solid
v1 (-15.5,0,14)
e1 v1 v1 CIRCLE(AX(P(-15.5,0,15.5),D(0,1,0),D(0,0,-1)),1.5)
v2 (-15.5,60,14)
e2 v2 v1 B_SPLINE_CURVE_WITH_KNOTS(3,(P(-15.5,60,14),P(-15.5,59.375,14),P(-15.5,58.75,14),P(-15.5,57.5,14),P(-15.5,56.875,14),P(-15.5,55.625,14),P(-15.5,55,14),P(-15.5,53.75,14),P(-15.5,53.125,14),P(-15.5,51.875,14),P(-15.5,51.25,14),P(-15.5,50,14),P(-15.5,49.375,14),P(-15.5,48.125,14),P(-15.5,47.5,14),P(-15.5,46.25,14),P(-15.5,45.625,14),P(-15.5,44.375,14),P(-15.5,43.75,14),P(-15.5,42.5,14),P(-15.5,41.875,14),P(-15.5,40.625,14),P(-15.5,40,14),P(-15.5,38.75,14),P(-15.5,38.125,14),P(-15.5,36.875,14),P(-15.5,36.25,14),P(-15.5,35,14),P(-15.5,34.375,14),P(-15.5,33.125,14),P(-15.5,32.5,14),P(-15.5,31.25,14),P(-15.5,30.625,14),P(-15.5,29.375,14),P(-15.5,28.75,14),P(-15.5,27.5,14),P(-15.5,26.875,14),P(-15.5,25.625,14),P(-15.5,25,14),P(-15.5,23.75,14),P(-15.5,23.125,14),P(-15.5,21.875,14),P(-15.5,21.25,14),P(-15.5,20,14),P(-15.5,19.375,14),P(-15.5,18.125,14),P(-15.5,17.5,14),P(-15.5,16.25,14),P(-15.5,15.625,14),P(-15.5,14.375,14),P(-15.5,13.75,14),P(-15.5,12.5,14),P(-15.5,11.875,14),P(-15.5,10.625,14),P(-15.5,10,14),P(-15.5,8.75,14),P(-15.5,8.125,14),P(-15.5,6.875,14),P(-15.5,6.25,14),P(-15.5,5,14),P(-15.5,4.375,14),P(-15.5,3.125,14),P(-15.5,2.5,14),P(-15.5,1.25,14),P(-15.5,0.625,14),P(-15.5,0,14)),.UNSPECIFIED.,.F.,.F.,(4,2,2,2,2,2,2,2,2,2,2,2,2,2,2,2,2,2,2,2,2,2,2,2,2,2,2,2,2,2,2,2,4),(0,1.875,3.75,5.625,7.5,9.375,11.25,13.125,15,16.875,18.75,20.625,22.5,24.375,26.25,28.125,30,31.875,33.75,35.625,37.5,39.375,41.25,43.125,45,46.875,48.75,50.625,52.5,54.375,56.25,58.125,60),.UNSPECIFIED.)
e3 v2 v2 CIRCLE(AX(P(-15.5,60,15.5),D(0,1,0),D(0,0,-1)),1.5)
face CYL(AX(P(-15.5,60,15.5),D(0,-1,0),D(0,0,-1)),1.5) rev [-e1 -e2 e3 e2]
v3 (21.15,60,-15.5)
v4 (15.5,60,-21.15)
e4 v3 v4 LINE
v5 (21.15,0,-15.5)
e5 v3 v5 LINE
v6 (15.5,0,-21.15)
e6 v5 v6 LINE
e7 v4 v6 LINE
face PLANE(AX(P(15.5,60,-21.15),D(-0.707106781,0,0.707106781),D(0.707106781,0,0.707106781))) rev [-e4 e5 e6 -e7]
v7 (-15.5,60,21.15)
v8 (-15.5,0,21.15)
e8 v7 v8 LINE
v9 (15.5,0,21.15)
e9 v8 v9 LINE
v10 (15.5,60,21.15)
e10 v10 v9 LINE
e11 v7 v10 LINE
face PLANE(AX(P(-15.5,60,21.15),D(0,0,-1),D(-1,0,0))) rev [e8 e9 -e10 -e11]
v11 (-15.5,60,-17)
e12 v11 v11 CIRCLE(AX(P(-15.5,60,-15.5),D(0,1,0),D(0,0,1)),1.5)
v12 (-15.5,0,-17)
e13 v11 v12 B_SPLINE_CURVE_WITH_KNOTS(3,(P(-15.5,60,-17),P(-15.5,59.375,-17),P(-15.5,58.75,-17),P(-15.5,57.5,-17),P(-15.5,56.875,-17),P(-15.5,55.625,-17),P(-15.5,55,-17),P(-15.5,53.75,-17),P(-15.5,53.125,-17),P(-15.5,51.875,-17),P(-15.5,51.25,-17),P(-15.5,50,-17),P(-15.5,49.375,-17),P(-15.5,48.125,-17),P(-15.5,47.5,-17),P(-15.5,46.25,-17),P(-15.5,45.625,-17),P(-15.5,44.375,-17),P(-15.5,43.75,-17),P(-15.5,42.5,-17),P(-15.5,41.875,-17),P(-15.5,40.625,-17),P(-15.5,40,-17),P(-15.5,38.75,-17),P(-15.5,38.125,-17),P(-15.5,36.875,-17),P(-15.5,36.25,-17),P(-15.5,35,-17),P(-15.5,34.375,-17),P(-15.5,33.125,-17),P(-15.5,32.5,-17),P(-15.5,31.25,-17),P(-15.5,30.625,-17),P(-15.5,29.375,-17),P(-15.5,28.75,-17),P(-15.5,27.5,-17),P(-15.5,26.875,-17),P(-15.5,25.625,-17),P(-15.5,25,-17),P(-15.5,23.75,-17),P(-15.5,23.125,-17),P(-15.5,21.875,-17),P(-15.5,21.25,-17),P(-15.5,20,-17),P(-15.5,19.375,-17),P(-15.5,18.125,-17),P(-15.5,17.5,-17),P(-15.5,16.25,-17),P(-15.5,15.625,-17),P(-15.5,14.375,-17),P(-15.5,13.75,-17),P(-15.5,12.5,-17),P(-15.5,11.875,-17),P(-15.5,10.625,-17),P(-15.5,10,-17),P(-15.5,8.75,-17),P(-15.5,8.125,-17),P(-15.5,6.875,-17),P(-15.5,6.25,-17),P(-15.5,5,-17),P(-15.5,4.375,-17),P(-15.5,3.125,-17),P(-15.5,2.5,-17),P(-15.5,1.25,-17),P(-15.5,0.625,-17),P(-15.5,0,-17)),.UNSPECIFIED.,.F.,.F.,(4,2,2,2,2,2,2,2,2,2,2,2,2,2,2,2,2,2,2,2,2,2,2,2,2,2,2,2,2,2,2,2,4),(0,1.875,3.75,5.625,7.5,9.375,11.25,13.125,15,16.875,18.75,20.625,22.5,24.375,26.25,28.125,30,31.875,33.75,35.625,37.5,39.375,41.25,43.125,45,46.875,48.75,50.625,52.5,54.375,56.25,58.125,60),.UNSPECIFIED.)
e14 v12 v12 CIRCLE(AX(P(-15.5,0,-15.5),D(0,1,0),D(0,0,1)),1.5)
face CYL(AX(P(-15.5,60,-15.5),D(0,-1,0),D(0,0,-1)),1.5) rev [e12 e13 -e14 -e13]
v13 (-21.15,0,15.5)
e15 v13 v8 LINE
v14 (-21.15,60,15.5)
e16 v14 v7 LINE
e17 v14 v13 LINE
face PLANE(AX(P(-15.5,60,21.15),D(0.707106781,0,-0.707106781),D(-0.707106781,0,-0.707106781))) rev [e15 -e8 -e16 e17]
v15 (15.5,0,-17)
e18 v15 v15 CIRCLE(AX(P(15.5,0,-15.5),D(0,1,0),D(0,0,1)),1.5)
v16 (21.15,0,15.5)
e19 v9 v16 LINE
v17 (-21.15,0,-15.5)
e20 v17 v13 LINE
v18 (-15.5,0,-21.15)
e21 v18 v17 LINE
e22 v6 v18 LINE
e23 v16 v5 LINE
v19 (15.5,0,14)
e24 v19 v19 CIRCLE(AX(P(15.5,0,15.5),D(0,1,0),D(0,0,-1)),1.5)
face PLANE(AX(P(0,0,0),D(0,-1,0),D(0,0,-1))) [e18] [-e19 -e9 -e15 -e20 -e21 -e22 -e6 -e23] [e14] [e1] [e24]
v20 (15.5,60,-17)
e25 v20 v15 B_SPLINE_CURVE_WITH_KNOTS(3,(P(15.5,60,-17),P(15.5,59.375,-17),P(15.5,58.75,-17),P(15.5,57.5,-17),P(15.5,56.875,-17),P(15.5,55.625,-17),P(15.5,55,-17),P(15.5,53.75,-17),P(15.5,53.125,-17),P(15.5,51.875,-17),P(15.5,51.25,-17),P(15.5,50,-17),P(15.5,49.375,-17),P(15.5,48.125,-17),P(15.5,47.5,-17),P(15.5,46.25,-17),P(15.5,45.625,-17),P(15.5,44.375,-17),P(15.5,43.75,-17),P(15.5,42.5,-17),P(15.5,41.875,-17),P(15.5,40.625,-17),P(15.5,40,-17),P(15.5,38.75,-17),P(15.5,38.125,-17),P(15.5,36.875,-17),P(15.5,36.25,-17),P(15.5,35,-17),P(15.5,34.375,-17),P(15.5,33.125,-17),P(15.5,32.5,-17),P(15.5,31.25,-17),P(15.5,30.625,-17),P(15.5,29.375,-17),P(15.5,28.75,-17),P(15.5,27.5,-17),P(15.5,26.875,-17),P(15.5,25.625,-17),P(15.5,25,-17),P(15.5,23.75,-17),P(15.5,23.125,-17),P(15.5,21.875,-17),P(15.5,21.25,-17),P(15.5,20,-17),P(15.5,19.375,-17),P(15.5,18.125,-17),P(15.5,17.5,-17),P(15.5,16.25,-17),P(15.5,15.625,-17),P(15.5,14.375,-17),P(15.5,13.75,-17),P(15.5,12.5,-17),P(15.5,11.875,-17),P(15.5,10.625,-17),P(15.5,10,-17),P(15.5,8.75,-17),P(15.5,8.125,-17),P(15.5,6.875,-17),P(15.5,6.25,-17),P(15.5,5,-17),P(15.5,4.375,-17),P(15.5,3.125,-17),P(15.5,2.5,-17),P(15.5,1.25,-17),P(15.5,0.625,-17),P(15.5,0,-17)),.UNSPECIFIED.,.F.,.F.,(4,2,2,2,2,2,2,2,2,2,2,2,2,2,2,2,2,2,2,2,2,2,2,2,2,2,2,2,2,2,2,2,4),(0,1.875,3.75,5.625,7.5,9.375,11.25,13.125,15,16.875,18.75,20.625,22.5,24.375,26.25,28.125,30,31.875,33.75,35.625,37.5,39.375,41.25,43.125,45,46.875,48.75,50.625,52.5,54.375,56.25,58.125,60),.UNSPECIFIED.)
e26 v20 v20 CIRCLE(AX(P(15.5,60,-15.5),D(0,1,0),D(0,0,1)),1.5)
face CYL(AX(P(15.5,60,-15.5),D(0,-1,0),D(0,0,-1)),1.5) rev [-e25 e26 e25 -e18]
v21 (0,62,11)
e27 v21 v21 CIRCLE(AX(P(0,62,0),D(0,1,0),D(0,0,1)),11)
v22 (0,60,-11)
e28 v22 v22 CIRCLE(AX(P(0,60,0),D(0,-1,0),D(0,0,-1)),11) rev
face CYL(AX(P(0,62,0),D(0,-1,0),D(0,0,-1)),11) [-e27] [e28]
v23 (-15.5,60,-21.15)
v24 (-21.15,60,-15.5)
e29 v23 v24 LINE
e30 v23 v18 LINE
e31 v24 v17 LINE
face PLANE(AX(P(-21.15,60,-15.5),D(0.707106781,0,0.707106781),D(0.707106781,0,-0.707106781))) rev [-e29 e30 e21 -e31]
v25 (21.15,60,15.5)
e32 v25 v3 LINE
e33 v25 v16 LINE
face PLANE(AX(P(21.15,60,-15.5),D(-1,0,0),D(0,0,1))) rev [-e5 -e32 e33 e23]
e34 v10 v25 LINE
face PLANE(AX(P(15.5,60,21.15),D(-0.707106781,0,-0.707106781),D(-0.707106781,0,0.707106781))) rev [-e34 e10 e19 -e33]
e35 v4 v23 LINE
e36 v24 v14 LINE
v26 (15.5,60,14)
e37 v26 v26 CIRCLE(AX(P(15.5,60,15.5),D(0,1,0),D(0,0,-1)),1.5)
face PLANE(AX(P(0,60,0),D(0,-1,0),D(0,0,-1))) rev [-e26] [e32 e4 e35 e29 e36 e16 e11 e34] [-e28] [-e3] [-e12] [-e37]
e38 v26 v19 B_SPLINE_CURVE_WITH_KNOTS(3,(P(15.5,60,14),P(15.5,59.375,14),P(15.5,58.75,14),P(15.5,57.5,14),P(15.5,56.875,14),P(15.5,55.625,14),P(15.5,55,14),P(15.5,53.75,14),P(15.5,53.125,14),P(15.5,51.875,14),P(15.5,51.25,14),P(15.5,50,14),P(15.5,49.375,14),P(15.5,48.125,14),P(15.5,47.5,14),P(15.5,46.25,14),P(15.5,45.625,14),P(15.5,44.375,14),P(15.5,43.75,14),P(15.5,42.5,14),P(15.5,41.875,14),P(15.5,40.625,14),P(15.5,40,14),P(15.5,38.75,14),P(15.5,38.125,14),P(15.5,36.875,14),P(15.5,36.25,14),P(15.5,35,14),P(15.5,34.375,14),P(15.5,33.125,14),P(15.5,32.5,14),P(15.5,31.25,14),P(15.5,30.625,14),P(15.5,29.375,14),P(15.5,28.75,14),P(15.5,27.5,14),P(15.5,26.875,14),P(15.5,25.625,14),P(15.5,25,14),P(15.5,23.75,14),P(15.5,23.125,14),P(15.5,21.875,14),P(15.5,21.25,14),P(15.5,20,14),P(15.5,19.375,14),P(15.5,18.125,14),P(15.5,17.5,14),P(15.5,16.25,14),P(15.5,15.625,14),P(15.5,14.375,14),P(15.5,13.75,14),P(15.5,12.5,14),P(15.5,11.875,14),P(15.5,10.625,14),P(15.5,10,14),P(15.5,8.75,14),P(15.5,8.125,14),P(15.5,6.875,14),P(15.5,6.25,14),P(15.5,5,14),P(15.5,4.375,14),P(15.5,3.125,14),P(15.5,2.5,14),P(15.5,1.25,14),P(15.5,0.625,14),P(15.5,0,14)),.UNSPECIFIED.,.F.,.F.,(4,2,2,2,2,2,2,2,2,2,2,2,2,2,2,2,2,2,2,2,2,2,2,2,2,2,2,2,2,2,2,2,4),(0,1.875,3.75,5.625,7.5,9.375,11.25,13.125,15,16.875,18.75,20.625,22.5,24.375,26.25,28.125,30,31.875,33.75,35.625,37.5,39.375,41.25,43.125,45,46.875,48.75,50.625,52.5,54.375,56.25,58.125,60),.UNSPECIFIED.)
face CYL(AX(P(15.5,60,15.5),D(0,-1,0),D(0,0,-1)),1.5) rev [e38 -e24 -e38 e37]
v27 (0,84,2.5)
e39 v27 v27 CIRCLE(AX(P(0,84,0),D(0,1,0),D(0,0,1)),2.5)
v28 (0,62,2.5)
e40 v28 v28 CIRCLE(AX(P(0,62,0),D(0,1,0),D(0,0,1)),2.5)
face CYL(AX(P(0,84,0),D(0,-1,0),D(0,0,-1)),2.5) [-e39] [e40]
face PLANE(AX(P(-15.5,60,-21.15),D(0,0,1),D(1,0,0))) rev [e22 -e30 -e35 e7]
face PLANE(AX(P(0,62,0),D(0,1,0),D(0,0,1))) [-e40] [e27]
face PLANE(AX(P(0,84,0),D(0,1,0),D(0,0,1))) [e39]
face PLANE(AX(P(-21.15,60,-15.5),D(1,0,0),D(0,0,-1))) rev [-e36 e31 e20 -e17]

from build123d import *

# Parameters (mm, degrees)
SKETCH_1_R      = 1.5
EXTRUDE_1_DEPTH = 60
SKETCH_2_R      = 11
EXTRUDE_2_DEPTH = 2
SKETCH_3_R      = 2.5
EXTRUDE_3_DEPTH = 22


with BuildPart() as part:
    # 草圖1 → 填料-伸長1 (new body)
    with BuildSketch(Plane(origin=(0, 0, 0), x_dir=(1, 0, 0), z_dir=(0, 1, 0))):
        Polygon((-15.5, 21.15), (15.5, 21.15), (21.15, 15.5), (21.15, -15.5), (15.5, -21.15), (-15.5, -21.15), (-21.15, -15.5), (-21.15, 15.5), align=None)
        with Locations(Location((-15.5, 15.5, 0), (0, 0, 90))):
            Circle(SKETCH_1_R, mode=Mode.SUBTRACT)
        with Locations(Location((15.5, 15.5, 0), (0, 0, 90))):
            Circle(SKETCH_1_R, mode=Mode.SUBTRACT)
        with Locations(Location((15.5, -15.5, 0), (0, 0, 90))):
            Circle(SKETCH_1_R, mode=Mode.SUBTRACT)
        with Locations(Location((-15.5, -15.5, 0), (0, 0, 90))):
            Circle(SKETCH_1_R, mode=Mode.SUBTRACT)
    extrude(amount=EXTRUDE_1_DEPTH)

    # 草圖2 → 填料-伸長2 (add)
    with BuildSketch(Plane(origin=(0, 60, 0), x_dir=(1, 0, 0), z_dir=(0, 1, 0))):
        with Locations(Location((0, 0, 0), (0, 0, 90))):
            Circle(SKETCH_2_R)
    extrude(amount=EXTRUDE_2_DEPTH)

    # 草圖3 → 填料-伸長3 (add)
    with BuildSketch(Plane(origin=(0, 62, 0), x_dir=(1, 0, 0), z_dir=(0, 1, 0))):
        with Locations(Location((0, 0, 0), (0, 0, 270))):
            Circle(SKETCH_3_R)
    extrude(amount=EXTRUDE_3_DEPTH)


solid = part.part
